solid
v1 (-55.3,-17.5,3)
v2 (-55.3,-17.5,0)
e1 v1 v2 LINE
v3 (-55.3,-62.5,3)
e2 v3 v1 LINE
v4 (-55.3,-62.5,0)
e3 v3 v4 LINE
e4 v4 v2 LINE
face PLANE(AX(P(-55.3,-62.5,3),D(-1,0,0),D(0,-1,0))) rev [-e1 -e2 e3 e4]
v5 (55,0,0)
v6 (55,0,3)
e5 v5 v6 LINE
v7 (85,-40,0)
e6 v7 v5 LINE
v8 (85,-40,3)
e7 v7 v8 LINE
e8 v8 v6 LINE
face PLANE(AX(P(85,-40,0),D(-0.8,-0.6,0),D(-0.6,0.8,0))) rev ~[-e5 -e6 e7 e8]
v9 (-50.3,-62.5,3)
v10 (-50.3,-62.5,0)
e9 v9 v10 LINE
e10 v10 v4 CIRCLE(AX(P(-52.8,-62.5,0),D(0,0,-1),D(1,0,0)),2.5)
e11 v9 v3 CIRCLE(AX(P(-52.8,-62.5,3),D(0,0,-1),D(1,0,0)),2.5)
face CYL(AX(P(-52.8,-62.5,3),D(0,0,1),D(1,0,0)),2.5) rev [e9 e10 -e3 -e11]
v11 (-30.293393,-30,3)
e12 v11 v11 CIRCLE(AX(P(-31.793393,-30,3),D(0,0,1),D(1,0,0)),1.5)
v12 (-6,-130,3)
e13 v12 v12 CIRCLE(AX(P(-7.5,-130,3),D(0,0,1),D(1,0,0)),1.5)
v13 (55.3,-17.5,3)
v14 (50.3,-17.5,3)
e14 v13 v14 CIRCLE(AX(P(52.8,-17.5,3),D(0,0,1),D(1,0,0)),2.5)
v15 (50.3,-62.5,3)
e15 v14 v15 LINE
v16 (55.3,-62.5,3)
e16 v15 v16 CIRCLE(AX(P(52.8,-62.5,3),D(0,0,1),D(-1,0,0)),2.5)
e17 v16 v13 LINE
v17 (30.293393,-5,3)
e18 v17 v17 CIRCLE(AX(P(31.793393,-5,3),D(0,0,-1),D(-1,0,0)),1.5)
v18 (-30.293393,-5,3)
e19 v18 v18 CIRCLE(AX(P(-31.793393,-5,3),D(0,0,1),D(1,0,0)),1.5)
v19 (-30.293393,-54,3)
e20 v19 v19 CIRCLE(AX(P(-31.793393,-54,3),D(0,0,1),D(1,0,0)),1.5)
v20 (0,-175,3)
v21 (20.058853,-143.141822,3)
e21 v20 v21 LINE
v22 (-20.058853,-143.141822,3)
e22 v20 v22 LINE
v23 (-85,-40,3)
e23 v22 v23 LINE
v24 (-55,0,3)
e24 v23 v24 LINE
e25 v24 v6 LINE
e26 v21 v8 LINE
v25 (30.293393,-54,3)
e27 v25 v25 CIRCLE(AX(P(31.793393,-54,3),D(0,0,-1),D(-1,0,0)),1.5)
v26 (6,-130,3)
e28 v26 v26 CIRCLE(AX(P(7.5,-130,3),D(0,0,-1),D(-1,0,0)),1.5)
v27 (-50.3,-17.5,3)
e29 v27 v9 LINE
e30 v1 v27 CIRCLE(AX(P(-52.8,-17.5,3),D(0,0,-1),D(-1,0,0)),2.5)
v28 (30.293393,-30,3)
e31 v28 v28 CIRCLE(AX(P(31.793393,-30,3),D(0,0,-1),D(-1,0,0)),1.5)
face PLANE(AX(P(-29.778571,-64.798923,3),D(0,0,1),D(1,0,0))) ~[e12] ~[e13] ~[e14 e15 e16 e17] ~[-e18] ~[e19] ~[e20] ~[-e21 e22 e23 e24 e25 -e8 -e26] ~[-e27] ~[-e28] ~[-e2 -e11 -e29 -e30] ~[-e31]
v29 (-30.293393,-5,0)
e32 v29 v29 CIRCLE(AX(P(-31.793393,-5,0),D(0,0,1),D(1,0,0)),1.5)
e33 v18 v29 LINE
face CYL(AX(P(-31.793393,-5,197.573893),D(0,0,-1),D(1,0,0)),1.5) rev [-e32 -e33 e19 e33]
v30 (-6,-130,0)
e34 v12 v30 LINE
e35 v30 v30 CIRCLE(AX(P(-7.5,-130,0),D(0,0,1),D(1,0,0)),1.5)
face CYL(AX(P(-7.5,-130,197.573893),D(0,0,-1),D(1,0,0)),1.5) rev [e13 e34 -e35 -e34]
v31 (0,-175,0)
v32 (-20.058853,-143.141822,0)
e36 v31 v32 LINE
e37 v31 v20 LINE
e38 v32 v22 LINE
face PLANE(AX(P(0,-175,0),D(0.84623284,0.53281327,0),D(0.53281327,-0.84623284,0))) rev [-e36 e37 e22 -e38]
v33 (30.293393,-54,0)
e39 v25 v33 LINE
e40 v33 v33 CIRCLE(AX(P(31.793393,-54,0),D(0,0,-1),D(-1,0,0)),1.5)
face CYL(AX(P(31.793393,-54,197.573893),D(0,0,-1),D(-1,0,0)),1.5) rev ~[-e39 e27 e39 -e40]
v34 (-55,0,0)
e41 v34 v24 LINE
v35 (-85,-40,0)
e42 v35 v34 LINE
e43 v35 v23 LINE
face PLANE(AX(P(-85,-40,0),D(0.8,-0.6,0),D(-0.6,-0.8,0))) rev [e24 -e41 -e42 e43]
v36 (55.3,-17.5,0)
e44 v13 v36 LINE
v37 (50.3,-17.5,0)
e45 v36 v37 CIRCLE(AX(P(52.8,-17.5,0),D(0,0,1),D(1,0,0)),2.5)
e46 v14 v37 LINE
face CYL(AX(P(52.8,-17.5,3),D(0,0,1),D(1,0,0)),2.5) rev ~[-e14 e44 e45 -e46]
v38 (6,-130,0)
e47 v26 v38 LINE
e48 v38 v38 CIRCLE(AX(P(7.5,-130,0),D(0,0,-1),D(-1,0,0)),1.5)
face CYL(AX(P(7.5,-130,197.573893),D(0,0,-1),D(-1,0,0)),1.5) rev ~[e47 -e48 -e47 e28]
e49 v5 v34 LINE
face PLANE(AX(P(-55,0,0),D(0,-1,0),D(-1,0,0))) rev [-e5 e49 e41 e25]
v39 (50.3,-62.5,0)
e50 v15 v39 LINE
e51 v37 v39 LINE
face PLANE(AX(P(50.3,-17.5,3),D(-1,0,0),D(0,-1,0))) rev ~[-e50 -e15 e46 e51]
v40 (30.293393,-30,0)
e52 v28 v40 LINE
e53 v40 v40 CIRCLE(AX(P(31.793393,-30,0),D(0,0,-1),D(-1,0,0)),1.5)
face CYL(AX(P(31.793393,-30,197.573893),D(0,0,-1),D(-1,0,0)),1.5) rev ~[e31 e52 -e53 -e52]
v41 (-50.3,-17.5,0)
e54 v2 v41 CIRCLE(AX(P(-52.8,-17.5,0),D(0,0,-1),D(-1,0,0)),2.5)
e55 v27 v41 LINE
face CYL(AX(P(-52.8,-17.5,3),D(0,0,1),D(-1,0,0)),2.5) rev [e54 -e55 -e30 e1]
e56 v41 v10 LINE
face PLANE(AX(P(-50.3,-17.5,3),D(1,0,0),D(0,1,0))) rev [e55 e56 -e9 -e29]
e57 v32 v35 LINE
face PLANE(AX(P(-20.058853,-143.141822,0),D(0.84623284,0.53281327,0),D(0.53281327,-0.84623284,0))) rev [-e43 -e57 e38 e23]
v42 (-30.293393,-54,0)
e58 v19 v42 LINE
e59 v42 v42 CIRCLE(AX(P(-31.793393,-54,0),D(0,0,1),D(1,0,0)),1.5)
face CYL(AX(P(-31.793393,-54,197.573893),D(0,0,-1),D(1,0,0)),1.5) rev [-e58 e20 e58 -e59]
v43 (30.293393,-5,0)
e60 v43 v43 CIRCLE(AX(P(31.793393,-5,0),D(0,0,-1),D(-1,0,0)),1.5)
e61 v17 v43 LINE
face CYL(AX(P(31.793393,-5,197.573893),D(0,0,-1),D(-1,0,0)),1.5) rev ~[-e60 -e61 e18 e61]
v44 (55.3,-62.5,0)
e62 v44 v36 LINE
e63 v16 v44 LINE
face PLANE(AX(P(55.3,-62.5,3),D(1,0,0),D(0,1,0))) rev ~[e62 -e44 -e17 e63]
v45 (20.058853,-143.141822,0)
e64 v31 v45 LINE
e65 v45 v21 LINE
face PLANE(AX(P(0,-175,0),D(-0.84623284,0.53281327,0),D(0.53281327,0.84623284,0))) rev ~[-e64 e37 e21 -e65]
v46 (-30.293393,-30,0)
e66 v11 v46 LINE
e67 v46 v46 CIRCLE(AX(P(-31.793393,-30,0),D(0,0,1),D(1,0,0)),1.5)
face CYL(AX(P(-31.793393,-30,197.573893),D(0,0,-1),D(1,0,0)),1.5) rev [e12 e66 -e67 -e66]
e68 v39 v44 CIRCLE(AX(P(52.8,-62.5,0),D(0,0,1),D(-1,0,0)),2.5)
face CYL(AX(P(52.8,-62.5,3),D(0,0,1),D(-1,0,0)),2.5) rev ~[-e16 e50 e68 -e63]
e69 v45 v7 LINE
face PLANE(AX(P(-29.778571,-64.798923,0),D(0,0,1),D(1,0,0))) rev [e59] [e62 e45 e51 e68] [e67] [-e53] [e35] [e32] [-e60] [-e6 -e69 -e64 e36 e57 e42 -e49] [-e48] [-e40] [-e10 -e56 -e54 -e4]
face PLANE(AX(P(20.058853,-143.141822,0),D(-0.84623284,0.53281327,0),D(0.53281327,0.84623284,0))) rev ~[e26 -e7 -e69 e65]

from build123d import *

# Parameters (mm, degrees)
F1_DEPTH = 3
F4_D     = 3
F6_D     = 3
F9_DEPTH = 34.3733802438


with BuildPart() as f1:
    # F0 (on Top) → F1 (new body)
    with BuildSketch(Plane.XY):
        Polygon((55, 0), (0, 0), (0, -143.1418224907), (20.0588525058, -143.1418224907), (85, -40), align=None)
        Polygon((20.0588525058, -143.1418224907), (0, -143.1418224907), (0, -175), align=None)
    extrude(amount=F1_DEPTH)

    # F4 (through all)
    with Locations(Plane.XY.offset(3)):
        with Locations((7.5, -130)):
            Hole(F4_D / 2)

    # F6 (through all)
    with Locations(Plane.XY.offset(3)):
        with Locations((31.7933925533, -30), (31.7933925533, -54), (31.7933925533, -5)):
            Hole(F6_D / 2)

    # F8 (on face) → F9 (cut)
    with BuildSketch(Plane.XY.offset(3)):
        with BuildLine():
            ThreePointArc((55.3, -17.5), (52.8, -15), (50.3, -17.5))
            Line((50.3, -17.5), (50.3, -62.5))
            ThreePointArc((50.3, -62.5), (52.8, -65), (55.3, -62.5))
            Line((55.3, -62.5), (55.3, -17.5))
        make_face()
    extrude(amount=-F9_DEPTH, mode=Mode.SUBTRACT)

    # F10: F1 across plane


with BuildPart() as f1_1:
    add(f1.part)
    add(f1.part.mirror(Plane.YZ))


solid = f1_1.part
